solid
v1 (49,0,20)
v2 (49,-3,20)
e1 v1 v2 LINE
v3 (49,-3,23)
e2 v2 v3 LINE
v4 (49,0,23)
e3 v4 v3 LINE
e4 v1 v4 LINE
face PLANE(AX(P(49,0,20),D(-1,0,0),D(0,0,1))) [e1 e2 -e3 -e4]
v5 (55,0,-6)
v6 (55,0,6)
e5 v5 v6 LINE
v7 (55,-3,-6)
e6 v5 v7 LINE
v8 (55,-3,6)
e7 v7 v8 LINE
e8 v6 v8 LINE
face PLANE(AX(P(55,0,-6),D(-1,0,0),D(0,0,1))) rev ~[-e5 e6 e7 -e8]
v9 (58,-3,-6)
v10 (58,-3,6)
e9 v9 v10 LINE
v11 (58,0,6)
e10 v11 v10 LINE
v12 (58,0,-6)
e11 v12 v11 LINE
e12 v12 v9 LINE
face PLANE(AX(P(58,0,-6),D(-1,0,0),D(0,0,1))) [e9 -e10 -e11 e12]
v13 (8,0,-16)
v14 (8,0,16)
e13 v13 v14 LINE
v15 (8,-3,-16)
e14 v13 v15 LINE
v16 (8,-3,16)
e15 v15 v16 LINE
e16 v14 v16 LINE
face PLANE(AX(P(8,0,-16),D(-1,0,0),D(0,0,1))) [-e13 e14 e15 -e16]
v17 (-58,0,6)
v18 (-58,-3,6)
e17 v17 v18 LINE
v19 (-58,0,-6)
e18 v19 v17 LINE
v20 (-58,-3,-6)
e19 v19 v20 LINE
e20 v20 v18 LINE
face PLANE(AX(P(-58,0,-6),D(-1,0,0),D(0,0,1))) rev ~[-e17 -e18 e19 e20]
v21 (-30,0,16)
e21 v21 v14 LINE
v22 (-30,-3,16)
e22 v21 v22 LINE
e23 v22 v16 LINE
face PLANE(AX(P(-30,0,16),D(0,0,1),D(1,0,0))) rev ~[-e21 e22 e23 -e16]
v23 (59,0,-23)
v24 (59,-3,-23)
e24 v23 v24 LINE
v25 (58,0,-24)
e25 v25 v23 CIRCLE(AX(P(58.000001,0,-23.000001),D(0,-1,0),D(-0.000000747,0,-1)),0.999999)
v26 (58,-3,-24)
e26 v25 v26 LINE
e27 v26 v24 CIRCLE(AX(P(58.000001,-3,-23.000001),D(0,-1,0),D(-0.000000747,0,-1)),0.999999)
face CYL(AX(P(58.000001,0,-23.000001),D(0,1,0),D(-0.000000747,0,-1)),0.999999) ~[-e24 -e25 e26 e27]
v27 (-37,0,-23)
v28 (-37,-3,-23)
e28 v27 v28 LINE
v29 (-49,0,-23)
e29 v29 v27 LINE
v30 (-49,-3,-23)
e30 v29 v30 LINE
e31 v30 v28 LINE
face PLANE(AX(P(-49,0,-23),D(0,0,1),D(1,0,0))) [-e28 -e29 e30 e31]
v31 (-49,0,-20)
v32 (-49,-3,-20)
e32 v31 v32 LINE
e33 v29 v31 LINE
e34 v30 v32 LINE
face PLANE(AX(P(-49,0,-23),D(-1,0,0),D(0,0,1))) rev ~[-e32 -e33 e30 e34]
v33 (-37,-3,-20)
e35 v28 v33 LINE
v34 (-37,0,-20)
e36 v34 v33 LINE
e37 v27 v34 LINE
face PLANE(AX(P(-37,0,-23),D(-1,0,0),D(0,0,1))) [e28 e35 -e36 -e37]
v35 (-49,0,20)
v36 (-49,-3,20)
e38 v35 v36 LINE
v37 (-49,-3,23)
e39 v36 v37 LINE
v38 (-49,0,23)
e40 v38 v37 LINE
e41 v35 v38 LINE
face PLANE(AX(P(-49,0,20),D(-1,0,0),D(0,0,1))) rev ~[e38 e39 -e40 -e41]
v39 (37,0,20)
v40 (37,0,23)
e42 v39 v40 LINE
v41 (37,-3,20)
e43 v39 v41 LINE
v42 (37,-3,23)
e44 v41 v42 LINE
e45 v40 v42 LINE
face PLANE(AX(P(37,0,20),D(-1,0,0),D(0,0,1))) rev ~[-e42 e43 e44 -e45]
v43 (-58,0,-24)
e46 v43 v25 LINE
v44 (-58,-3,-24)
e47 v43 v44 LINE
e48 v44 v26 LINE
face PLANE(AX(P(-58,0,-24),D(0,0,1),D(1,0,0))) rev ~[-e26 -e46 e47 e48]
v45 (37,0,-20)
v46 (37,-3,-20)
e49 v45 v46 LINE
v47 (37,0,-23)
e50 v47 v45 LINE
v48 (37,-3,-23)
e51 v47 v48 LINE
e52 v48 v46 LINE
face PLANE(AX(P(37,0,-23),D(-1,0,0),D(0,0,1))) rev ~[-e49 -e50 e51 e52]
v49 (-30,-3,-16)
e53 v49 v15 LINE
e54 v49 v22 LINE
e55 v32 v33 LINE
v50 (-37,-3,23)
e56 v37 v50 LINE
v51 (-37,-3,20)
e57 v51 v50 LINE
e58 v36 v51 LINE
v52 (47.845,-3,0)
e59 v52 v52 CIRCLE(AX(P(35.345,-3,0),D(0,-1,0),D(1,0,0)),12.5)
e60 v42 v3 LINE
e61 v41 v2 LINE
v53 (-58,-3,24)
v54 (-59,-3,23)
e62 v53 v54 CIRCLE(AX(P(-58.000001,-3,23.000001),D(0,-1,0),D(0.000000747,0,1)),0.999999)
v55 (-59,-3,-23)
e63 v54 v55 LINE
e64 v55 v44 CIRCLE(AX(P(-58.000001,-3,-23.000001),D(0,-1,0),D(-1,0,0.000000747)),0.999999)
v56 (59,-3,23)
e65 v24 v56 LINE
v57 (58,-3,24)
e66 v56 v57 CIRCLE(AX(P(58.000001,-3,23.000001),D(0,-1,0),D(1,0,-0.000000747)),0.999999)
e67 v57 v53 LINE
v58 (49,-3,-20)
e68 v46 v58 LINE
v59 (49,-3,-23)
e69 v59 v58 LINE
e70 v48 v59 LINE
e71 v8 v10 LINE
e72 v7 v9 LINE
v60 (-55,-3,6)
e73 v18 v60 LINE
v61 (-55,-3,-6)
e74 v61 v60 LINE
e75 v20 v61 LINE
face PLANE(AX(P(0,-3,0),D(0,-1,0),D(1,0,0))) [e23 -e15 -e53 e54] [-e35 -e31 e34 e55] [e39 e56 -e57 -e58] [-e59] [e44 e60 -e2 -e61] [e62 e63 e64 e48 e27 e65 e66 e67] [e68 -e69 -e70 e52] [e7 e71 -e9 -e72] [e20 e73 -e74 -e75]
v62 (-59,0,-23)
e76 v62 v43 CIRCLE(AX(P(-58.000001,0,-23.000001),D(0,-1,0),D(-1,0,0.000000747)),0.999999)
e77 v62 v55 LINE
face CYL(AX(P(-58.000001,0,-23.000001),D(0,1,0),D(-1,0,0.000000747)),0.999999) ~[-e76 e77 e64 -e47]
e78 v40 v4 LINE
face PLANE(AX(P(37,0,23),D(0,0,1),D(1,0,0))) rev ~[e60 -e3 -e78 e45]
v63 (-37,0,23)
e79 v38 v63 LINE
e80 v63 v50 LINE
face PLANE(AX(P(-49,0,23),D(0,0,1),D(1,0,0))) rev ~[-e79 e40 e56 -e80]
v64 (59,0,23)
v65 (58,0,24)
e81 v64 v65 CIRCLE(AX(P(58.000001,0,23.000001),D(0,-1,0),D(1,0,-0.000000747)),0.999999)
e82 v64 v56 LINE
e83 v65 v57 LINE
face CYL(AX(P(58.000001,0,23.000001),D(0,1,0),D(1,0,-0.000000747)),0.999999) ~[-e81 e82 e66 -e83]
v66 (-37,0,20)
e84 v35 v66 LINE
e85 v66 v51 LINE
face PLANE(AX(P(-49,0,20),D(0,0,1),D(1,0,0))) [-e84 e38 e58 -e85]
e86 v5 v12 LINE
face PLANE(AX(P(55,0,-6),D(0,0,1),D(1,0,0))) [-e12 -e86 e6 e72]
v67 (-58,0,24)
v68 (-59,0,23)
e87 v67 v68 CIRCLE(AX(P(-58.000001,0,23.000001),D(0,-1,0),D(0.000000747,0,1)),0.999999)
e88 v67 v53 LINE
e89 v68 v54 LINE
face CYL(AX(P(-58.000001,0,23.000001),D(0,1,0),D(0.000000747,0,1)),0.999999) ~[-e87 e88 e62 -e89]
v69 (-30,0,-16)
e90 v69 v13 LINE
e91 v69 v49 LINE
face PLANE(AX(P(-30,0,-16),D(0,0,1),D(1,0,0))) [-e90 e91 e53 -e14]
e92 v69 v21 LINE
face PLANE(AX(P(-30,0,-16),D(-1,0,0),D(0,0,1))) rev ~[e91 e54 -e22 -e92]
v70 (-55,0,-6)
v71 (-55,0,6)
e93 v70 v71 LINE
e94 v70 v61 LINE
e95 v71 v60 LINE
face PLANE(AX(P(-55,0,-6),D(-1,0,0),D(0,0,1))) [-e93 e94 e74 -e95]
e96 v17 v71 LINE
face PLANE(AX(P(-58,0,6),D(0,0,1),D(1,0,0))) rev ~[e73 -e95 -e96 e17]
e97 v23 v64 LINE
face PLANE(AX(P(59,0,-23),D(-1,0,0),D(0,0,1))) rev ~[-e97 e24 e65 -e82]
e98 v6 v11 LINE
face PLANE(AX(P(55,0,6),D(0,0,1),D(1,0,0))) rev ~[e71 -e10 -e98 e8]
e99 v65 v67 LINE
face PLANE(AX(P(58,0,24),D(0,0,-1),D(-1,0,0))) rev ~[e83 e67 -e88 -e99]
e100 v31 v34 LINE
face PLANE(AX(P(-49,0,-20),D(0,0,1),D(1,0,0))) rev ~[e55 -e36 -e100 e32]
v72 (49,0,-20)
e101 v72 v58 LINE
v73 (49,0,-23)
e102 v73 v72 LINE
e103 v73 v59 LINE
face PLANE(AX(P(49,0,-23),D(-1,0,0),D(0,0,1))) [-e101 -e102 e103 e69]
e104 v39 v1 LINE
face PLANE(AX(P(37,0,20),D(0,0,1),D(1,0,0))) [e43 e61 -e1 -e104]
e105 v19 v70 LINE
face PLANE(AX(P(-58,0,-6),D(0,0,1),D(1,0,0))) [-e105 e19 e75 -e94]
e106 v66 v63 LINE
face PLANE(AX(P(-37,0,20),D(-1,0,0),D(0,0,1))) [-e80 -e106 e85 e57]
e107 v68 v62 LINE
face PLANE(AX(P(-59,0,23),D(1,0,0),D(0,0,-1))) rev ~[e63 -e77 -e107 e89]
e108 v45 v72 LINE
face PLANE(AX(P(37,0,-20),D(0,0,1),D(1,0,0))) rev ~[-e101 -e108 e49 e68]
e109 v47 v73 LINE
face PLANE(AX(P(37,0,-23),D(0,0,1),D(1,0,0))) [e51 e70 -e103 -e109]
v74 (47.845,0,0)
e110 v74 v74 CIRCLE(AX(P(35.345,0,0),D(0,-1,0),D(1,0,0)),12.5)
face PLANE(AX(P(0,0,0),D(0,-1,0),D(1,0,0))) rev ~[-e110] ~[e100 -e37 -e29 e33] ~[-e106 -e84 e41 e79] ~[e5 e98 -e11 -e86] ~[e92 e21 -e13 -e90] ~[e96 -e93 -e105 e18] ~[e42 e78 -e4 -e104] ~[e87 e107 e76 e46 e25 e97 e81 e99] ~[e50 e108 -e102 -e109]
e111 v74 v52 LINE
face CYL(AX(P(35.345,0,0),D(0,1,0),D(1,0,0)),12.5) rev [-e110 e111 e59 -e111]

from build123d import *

# Parameters (mm, degrees)
F0_W     = 12
F0_H     = 3
F0_W_2   = 3
F0_H_2   = 12
F0_W_3   = 108
F0_H_3   = 38
F0_W_4   = 38
F0_H_4   = 32
F0_R     = 12.5
F1_DEPTH = 3


with BuildPart() as f1:
    # F0 (on Front) → F1 (new body)
    with BuildSketch(Plane.XZ):
        with BuildLine():
            ThreePointArc((-58, 24), (-58.707107, 23.707107), (-59, 23))
            Line((-59, 23), (-59, -23))
            ThreePointArc((-59, -23), (-58.707107, -23.707107), (-58, -24))
            Line((-58, -24), (58, -24))
            ThreePointArc((58, -24), (58.707107, -23.707107), (59, -23))
            Line((59, -23), (59, 23))
            ThreePointArc((59, 23), (58.707107, 23.707107), (58, 24))
            Line((58, 24), (-58, 24))
        make_face()
        with Locations((-43, -21.5)):
            Rectangle(F0_W, F0_H, mode=Mode.SUBTRACT)
        with Locations((43, -21.5)):
            Rectangle(F0_W, F0_H, mode=Mode.SUBTRACT)
        with Locations((-56.5, 0)):
            Rectangle(F0_W_2, F0_H_2, mode=Mode.SUBTRACT)
        with Locations((-43, 21.5)):
            Rectangle(F0_W, F0_H, mode=Mode.SUBTRACT)
        Rectangle(F0_W_3, F0_H_3, mode=Mode.SUBTRACT)
        with Locations((56.5, 0)):
            Rectangle(F0_W_2, F0_H_2, mode=Mode.SUBTRACT)
        with Locations((43, 21.5)):
            Rectangle(F0_W, F0_H, mode=Mode.SUBTRACT)
        Rectangle(F0_W_3, F0_H_3)
        with Locations((-11, 0)):
            Rectangle(F0_W_4, F0_H_4, mode=Mode.SUBTRACT)
        with Locations((35.345, 0)):
            Circle(F0_R, mode=Mode.SUBTRACT)
    extrude(amount=F1_DEPTH)


solid = f1.part
